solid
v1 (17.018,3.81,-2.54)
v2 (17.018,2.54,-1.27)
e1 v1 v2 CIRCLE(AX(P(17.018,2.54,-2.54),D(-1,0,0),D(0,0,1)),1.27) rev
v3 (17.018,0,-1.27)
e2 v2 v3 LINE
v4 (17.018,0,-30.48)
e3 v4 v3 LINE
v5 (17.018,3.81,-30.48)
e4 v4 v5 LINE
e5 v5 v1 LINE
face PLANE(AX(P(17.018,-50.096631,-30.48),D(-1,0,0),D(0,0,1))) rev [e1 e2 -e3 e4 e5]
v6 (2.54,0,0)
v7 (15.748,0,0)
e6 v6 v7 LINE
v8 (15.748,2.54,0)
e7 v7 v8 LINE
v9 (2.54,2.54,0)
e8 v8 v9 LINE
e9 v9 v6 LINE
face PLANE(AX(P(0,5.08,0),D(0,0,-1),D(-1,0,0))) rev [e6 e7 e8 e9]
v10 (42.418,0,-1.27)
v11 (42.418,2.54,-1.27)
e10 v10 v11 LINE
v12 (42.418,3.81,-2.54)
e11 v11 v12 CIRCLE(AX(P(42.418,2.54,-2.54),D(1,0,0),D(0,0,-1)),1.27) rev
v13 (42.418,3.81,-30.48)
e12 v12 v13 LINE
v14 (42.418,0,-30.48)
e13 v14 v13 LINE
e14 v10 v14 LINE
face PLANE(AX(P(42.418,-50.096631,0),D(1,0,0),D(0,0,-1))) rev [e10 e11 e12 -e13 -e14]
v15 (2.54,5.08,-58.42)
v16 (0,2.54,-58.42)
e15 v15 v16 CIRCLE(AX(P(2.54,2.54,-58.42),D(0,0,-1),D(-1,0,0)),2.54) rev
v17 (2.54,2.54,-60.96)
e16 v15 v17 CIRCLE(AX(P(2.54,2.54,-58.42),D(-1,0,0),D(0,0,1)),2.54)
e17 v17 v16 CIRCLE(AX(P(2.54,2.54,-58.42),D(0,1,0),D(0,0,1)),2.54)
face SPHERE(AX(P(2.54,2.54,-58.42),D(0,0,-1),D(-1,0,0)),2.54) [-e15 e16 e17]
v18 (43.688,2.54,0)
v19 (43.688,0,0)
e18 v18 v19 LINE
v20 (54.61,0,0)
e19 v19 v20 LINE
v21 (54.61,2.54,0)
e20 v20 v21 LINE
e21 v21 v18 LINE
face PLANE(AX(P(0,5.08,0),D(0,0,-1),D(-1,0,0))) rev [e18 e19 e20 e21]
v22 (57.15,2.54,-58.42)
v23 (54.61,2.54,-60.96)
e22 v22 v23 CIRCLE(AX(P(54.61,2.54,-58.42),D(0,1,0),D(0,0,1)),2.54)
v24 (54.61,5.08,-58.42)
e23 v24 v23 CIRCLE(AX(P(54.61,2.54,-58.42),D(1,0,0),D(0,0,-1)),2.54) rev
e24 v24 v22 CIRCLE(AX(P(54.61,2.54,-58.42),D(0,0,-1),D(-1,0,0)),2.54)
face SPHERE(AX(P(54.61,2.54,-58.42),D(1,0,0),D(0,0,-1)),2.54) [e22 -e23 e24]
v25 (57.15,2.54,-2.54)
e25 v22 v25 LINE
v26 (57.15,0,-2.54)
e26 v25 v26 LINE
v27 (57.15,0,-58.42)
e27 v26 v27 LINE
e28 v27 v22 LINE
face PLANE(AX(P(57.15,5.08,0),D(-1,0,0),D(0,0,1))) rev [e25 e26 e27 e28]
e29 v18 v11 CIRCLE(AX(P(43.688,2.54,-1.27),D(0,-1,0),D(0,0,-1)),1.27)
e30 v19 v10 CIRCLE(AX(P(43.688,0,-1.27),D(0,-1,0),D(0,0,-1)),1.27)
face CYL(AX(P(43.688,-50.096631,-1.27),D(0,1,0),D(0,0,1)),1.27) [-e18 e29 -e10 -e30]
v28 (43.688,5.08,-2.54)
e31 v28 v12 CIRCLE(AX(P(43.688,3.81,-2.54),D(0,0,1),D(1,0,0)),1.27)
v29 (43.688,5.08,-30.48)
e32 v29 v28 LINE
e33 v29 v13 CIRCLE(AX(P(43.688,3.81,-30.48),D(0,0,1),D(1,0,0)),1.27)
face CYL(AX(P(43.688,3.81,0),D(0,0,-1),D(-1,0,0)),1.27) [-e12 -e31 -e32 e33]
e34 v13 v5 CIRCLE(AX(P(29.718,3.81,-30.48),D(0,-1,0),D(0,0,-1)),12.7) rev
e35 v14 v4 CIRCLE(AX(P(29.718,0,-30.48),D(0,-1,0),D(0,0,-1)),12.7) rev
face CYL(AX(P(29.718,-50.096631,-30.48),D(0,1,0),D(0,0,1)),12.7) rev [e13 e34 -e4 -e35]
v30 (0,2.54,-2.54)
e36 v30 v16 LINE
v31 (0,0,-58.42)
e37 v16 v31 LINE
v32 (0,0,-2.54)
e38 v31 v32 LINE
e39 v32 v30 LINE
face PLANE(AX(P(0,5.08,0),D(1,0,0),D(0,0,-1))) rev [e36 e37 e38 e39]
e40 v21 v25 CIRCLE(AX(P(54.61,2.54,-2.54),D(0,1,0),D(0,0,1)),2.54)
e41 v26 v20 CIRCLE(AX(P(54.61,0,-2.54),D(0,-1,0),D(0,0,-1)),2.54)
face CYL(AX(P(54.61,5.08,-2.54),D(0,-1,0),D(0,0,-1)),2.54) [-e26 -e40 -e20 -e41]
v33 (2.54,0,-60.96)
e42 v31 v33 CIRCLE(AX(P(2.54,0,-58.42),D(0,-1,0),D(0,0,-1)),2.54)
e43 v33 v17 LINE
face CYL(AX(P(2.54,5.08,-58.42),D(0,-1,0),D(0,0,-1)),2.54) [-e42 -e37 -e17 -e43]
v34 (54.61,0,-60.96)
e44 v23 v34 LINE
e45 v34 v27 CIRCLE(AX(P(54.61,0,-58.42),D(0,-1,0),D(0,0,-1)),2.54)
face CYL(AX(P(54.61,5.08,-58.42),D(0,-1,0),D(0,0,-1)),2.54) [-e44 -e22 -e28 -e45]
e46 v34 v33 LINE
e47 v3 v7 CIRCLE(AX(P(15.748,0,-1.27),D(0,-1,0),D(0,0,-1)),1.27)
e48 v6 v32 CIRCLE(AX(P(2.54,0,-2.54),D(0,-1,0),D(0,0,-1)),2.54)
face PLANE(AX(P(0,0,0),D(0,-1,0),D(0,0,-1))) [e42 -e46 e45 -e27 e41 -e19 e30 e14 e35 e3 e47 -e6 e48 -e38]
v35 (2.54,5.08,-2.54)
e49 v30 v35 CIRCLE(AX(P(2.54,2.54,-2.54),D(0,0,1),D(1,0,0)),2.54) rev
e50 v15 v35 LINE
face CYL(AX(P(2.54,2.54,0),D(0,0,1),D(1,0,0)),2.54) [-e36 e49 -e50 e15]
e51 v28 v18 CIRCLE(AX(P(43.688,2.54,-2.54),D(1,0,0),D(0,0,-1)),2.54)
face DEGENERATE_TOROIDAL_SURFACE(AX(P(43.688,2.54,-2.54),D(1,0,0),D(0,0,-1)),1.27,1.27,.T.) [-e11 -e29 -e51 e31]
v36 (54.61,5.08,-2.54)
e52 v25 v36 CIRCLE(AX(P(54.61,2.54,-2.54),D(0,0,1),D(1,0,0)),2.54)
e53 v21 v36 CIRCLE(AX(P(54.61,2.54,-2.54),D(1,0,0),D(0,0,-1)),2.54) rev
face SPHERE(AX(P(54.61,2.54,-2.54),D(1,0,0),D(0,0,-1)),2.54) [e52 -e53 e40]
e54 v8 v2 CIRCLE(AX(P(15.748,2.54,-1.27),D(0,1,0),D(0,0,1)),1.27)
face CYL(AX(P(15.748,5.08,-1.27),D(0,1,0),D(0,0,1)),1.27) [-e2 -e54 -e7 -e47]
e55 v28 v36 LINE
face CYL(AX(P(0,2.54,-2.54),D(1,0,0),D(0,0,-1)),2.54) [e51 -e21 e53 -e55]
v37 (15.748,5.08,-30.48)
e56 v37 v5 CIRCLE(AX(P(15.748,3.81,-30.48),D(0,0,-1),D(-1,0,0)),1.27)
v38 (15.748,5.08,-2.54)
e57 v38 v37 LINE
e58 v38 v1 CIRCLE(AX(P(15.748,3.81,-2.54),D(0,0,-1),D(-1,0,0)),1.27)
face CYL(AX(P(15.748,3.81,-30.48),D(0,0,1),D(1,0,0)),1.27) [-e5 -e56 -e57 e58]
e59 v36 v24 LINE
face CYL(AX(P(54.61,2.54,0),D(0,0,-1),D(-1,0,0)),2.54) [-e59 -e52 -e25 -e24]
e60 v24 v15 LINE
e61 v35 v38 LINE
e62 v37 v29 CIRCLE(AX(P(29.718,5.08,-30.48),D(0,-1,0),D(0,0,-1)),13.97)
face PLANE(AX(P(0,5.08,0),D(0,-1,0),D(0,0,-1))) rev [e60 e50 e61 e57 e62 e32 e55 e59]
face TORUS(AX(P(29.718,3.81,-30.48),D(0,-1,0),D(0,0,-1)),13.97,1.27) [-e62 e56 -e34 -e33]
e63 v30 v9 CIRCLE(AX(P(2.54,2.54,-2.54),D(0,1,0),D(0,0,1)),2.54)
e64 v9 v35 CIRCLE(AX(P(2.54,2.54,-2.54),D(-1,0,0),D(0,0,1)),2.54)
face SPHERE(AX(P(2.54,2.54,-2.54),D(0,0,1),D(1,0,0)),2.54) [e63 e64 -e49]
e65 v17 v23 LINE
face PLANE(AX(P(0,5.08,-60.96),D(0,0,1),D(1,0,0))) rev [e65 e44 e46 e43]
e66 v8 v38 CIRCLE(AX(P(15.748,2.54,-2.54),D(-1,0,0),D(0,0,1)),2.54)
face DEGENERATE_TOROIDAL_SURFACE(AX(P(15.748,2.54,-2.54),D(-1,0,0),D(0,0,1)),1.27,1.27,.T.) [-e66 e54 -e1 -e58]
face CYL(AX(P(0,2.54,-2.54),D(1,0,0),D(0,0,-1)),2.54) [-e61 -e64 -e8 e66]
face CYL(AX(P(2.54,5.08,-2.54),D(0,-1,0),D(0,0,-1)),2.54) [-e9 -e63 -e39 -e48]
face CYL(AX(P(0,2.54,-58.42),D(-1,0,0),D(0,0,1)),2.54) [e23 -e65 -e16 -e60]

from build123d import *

# Parameters (mm, degrees)
SKETCH1_W           = 57.15
SKETCH1_H           = 60.96
BOSS_EXTRUDE1_DEPTH = 5.08
FILLET1_R           = 2.54
CUT_EXTRUDE1_REACH  = 85.714
FILLET2_R           = 1.27


with BuildPart() as part:
    # Sketch1 → Boss-Extrude1 (new body)
    with BuildSketch(Plane(origin=(0, 0, 0), x_dir=(1, 0, 0), z_dir=(0, 1, 0))):
        with Locations((28.575, 30.48)):
            Rectangle(SKETCH1_W, SKETCH1_H)
    extrude(amount=BOSS_EXTRUDE1_DEPTH)

    # Fillet1
    fillet1_edges = [part.edges().sort_by_distance(p)[0] for p in [
        (57.15, 5.08, -30.48),
        (28.575, 5.08, -60.96),
        (0, 5.08, -30.48),
        (0, 2.54, -60.96),
        (57.15, 2.54, -60.96),
        (57.15, 2.54, 0),
        (0, 2.54, 0),
        (28.575, 5.08, 0),
    ]]
    fillet(fillet1_edges, radius=FILLET1_R)

    # Cut-Extrude1: up to this face of the body (flat: up to its plane)
    cut_extrude1_end = Plane(part.part.faces().sort_by_distance((28.575, 0, -30.48))[0])
    # Sketch2 → Cut-Extrude1 (cut, up to the picked face)
    with BuildSketch(Plane(origin=(0, 5.08, 0), x_dir=(1, 0, 0), z_dir=(0, 1, 0)), mode=Mode.PRIVATE) as cut_extrude1_sk1:
        with BuildLine():
            Line((17.018, 30.48), (17.018, 0))
            Line((17.018, 0), (42.418, 0))
            Line((42.418, 0), (42.418, 30.48))
            ThreePointArc((42.418, 30.48), (29.718, 43.18), (17.018, 30.48))
        make_face()
    cut_extrude1_tool1 = split(extrude(cut_extrude1_sk1.sketch, amount=-CUT_EXTRUDE1_REACH, mode=Mode.PRIVATE), bisect_by=cut_extrude1_end, keep=Keep.BOTH, mode=Mode.PRIVATE)
    add(cut_extrude1_tool1.solids().sort_by(Axis((29.718, 5.08, -20.326586), (0, -1, 0)))[0], mode=Mode.SUBTRACT)

    # Fillet2
    fillet2_edges = [part.edges().sort_by_distance(p)[0] for p in [
        (42.418, 4.336051224, -0.743948776),
        (17.018, 4.336051224, -0.743948776),
        (42.418, 1.27, 0),
        (42.418, 5.08, -16.51),
        (29.718, 5.08, -43.18),
        (17.018, 5.08, -16.51),
        (17.018, 1.27, 0),
    ]]
    fillet(fillet2_edges, radius=FILLET2_R)


solid = part.part
